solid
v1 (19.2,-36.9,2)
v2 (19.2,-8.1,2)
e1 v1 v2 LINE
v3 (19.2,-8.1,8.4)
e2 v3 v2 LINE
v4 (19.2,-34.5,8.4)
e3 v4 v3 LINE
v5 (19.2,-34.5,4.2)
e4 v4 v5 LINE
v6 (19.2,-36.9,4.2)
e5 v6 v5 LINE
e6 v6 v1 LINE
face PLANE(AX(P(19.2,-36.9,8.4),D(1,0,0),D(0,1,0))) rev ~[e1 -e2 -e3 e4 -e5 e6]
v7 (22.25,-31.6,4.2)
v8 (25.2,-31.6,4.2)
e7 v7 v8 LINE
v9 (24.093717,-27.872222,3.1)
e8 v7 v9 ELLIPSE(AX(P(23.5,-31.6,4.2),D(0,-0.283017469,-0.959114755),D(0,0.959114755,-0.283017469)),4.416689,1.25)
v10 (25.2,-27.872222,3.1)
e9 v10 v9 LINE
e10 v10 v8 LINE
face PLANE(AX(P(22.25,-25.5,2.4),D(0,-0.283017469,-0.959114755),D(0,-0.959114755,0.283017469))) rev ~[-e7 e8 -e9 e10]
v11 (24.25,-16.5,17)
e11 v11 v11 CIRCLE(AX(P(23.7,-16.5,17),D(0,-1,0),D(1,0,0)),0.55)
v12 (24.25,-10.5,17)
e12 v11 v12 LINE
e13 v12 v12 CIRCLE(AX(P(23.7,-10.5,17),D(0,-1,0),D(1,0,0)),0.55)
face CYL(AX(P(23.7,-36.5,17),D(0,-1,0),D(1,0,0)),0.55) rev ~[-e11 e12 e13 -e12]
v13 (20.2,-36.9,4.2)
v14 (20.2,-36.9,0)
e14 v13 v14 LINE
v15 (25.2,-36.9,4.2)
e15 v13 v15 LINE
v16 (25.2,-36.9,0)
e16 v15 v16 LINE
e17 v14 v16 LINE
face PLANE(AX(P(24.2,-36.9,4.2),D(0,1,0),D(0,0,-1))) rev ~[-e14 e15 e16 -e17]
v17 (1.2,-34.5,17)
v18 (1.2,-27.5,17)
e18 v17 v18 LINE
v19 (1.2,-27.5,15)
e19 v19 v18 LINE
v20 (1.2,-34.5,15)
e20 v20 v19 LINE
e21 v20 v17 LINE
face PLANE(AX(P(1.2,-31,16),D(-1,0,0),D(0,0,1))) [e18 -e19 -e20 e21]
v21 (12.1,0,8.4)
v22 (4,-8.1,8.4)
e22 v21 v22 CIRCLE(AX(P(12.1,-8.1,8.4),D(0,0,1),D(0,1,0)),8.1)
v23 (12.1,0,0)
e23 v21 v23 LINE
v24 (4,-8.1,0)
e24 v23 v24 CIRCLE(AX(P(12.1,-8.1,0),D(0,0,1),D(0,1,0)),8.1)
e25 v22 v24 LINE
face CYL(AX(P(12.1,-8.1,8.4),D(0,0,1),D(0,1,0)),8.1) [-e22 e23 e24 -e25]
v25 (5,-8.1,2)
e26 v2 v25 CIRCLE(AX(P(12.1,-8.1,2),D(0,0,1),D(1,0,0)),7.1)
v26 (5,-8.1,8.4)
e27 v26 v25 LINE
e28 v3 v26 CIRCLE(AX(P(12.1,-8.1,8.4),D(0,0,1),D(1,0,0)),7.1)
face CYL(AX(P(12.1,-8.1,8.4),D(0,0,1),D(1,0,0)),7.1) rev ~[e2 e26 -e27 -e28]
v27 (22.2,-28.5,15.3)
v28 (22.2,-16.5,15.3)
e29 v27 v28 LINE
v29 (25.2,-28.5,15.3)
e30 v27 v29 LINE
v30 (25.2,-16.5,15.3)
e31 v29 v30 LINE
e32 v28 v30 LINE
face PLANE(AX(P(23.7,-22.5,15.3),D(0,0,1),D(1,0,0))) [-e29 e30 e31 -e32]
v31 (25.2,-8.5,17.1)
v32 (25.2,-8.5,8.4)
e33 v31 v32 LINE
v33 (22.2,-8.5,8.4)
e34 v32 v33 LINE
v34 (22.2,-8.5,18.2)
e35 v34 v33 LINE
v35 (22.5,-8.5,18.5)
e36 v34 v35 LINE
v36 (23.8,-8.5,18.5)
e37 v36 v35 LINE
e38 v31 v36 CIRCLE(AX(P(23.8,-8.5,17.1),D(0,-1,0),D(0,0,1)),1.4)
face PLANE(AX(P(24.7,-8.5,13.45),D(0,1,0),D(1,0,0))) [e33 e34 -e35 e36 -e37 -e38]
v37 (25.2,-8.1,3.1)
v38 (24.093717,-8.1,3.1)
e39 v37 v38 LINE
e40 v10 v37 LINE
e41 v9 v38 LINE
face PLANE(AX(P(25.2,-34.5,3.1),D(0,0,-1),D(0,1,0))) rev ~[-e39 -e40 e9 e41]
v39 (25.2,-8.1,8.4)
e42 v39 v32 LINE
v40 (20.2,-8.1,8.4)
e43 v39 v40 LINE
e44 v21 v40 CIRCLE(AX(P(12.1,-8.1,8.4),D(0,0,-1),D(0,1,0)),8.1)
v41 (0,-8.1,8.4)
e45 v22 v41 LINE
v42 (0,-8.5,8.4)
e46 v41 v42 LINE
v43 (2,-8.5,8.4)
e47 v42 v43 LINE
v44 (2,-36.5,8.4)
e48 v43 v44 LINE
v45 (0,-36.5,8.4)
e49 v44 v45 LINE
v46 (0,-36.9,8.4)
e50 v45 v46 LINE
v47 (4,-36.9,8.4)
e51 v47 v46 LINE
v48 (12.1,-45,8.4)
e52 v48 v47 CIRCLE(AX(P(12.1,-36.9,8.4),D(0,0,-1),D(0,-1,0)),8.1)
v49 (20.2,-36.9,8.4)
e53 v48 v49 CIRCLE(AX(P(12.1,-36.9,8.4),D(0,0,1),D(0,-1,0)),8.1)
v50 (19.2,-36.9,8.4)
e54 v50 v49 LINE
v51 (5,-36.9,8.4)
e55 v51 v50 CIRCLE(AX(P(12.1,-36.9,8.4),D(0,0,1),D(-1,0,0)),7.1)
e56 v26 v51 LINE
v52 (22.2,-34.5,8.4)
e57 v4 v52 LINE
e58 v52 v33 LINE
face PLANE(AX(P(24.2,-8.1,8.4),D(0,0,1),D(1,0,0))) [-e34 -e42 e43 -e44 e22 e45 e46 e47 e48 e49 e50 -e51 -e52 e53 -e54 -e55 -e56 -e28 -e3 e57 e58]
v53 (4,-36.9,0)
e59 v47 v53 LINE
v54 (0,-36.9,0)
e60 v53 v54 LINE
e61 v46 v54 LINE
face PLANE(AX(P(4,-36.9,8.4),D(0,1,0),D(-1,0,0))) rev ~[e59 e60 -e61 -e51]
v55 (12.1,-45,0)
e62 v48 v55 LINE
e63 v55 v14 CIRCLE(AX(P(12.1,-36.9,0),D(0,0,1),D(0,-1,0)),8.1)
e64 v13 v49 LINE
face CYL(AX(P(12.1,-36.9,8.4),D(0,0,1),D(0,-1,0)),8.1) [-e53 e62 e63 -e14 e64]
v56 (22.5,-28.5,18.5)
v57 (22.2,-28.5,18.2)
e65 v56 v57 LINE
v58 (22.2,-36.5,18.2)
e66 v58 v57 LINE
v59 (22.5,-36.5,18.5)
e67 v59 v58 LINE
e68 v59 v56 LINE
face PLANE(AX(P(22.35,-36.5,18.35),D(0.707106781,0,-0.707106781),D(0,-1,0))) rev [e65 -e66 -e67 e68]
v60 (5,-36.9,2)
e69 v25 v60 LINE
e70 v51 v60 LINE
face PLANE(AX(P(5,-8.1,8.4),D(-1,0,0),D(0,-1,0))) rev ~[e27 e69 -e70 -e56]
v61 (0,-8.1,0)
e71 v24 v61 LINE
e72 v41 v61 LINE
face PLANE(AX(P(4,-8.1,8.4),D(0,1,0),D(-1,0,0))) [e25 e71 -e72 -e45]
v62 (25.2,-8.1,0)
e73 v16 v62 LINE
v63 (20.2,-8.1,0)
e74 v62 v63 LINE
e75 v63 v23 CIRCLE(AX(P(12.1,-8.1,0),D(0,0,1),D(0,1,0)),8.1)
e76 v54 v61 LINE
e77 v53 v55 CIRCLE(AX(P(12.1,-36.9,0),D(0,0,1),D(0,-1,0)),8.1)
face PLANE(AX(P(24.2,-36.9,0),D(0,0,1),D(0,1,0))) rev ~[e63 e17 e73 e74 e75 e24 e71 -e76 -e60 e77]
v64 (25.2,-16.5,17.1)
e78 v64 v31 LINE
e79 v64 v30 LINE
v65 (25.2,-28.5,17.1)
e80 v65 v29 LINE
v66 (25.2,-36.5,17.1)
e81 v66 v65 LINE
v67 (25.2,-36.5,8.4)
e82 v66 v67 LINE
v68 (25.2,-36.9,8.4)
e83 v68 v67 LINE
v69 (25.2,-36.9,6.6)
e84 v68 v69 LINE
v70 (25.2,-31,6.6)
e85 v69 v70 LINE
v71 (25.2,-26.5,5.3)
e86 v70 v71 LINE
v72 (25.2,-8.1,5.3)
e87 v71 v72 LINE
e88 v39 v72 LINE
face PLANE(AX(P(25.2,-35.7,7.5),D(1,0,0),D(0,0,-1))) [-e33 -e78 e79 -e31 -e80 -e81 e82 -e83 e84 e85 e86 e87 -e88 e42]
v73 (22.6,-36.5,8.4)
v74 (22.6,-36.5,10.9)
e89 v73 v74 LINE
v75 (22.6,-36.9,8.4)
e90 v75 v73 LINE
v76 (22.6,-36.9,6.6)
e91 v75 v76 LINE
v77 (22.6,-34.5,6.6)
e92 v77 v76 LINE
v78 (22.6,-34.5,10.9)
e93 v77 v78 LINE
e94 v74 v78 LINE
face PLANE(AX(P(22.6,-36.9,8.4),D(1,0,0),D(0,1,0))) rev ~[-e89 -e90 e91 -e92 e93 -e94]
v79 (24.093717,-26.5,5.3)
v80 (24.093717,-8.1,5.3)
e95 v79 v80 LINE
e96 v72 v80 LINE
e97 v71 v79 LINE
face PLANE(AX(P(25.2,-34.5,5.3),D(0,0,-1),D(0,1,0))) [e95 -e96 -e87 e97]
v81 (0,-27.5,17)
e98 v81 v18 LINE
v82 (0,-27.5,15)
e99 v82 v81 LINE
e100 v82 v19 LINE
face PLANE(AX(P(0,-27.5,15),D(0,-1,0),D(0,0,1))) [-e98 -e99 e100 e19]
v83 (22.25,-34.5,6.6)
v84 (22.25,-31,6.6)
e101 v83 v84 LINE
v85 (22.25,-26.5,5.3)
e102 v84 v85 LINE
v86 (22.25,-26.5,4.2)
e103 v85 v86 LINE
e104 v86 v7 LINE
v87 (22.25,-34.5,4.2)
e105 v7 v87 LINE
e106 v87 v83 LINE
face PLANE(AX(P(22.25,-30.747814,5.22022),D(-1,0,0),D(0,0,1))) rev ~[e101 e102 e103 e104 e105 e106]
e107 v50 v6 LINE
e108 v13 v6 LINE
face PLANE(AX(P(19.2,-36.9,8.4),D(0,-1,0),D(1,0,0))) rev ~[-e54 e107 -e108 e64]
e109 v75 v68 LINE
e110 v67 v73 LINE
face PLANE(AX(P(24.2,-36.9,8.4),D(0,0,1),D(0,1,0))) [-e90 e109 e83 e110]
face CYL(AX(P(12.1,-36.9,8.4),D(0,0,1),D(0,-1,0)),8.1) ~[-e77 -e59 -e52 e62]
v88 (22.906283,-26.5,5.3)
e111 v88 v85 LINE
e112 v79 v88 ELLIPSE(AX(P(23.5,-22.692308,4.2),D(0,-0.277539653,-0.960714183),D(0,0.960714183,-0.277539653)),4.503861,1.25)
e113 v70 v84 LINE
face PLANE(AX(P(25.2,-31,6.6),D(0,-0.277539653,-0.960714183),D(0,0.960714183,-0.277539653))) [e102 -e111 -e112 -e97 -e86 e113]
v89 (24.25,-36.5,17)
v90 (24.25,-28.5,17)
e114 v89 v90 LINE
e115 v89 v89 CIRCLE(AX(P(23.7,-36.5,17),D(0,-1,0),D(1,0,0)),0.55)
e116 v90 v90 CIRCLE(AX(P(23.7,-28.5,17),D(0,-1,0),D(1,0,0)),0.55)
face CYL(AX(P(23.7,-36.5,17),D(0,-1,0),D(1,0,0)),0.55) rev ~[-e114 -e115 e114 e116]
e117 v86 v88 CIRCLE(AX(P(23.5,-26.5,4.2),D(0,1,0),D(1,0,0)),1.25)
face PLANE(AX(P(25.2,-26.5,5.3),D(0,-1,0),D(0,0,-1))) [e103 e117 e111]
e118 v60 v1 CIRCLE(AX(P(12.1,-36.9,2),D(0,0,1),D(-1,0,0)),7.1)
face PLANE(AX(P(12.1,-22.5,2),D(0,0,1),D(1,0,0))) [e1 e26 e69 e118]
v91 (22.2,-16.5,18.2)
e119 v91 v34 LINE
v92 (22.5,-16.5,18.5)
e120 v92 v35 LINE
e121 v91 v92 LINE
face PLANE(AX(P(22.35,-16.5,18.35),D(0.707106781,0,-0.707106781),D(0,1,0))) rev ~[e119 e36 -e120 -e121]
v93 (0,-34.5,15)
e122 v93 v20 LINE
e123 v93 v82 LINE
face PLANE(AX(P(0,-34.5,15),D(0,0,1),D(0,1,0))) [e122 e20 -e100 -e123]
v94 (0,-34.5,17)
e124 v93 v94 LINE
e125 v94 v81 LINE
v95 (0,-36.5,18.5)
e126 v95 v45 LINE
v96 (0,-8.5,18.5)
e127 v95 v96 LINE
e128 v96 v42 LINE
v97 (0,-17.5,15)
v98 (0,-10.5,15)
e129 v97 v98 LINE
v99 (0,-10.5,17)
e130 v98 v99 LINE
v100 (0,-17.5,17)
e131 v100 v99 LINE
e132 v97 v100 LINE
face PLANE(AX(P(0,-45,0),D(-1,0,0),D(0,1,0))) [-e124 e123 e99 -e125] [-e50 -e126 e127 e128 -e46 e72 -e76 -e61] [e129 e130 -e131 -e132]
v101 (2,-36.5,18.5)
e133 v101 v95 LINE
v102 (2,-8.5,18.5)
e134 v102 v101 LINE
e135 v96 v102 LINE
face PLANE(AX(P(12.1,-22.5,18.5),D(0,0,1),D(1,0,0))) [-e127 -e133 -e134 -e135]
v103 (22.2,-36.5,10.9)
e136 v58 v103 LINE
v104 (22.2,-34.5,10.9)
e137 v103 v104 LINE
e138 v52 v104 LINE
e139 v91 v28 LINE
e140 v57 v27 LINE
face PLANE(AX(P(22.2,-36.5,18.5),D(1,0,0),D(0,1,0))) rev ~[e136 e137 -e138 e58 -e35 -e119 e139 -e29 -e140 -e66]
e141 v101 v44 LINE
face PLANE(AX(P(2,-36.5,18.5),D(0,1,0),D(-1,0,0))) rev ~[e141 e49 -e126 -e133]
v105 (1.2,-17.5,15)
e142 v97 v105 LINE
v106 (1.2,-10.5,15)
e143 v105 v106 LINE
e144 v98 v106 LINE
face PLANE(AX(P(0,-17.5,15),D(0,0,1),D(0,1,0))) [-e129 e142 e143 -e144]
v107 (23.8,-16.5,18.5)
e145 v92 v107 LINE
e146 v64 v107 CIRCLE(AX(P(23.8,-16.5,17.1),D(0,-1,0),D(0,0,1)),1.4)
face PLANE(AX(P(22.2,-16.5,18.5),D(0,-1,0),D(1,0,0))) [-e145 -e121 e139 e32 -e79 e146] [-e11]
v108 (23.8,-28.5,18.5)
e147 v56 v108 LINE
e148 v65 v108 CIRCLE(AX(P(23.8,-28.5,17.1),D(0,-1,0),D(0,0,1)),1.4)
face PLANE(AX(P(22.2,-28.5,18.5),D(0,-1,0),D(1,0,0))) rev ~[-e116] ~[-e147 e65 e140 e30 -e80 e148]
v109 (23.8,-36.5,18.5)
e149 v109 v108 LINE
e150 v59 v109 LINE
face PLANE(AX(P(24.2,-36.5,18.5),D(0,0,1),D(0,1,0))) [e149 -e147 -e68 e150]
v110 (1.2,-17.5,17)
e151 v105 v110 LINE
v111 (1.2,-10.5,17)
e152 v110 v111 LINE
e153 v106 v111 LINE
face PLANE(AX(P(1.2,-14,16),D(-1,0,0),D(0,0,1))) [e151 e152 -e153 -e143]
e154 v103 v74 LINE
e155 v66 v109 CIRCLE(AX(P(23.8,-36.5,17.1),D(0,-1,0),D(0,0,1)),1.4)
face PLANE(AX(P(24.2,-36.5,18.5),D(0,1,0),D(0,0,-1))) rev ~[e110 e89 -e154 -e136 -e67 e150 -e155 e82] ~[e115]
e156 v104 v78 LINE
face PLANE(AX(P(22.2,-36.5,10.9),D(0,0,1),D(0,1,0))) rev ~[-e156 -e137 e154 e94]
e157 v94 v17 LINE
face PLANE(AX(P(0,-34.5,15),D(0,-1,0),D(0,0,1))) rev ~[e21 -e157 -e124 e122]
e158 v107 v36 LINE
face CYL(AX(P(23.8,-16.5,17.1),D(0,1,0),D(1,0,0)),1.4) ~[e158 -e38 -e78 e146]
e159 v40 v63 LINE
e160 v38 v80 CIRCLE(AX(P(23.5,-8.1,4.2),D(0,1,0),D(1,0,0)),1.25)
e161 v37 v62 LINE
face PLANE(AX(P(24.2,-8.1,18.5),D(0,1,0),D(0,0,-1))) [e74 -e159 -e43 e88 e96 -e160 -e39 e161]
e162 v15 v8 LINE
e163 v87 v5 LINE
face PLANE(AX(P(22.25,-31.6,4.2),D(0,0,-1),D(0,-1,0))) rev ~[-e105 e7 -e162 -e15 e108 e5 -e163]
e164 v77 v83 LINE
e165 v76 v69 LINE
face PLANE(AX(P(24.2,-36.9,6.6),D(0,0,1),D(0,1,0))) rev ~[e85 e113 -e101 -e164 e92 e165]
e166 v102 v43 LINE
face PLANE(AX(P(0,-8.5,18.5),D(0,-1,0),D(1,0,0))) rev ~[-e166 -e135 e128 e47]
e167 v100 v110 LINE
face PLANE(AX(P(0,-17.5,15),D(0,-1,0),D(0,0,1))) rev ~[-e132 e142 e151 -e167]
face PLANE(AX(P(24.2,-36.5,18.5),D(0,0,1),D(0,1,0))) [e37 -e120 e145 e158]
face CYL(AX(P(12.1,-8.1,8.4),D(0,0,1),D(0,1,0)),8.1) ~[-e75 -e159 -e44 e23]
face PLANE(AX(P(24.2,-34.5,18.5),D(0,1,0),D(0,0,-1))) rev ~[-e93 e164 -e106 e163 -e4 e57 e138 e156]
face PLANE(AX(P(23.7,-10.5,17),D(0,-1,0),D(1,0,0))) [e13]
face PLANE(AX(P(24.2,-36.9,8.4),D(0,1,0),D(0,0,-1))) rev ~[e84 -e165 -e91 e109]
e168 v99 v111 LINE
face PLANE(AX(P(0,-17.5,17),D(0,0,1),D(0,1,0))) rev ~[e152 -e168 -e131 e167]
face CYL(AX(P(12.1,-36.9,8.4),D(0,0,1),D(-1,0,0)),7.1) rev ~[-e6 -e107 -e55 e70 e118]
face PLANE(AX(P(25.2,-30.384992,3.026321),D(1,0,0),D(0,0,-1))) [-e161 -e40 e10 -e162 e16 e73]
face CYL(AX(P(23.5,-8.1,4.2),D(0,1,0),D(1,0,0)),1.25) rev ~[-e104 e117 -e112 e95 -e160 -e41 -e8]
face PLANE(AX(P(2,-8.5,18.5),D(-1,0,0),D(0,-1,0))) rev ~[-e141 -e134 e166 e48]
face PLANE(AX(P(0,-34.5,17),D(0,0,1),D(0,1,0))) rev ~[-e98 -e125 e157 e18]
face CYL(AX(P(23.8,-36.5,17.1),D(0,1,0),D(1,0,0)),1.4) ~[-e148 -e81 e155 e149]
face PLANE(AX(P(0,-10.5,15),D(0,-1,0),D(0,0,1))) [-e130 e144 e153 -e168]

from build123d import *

# Parameters (mm, degrees)
SKETCH_1_W           = 24.2
SKETCH_1_H           = 45
EXTRUDE_1_DEPTH      = 18.5
CUT_EXTRUDE_1_DEPTH  = 10.1
CUT_EXTRUDE_2_DEPTH  = 6.4
CUT_EXTRUDE_3_DEPTH  = 9.4
CUT_EXTRUDE_4_DEPTH  = 9.4
SKETCH_6_W           = 2.4
SKETCH_6_H           = 2.4
CUT_EXTRUDE_5_DEPTH  = 6.4
SKETCH_8_W           = 3.4
SKETCH_8_H           = 2.4
CUT_EXTRUDE_7_DEPTH  = 2
SKETCH_9_W           = 2.5
SKETCH_9_H           = 2
CUT_EXTRUDE_8_DEPTH  = 0.4
SKETCH_12_W          = 18.5
SKETCH_12_H          = 26.4
EXTRUDE_2_DEPTH      = 1
SKETCH_13_R          = 1.25
CUT_EXTRUDE_10_DEPTH = 26.4
SKETCH_14_W          = 2.2
SKETCH_14_H          = 26.4
CUT_EXTRUDE_11_DEPTH = 1.5
CUT_EXTRUDE_13_DEPTH = 2.95
SKETCH_19_W          = 10.1
SKETCH_19_H          = 2
EXTRUDE_3_DEPTH      = 1
SKETCH_20_W          = 1.8
SKETCH_20_H          = 2.4
EXTRUDE_4_DEPTH      = 1
SKETCH_21_W          = 1
SKETCH_21_H          = 10.1
CUT_EXTRUDE_14_DEPTH = 0.4
SKETCH_22_W          = 4.2
SKETCH_22_H          = 2.4
EXTRUDE_5_DEPTH      = 1
EXTRUDE_6_DEPTH      = 2.95
SKETCH_25_W          = 3
SKETCH_25_H          = 12
CUT_EXTRUDE_15_DEPTH = 3.2
SKETCH_26_R          = 0.55
CUT_EXTRUDE_16_DEPTH = 26
FILLET_1_R           = 1.4
SKETCH_27_W          = 2
SKETCH_27_H          = 7
CUT_EXTRUDE_17_DEPTH = 1.2
CHAMFER_1_SIZE       = 0.3


with BuildPart() as part:
    # 草图1 → 凸台-拉伸1 (new body)
    with BuildSketch(Plane.XY):
        with Locations((12.1, -22.5)):
            Rectangle(SKETCH_1_W, SKETCH_1_H)
    extrude(amount=EXTRUDE_1_DEPTH)

    # 草图2 → 切除-拉伸1 (cut)
    with BuildSketch(Plane.XY.offset(18.5)):
        Polygon((0, 0), (0, -8.5), (2, -8.5), (2, -36.5), (0, -36.5), (0, -45), (24.2, -45), (24.2, -36.5), (22.2, -36.5), (22.2, -8.5), (24.2, -8.5), (24.2, 0), align=None)
    extrude(amount=-CUT_EXTRUDE_1_DEPTH, mode=Mode.SUBTRACT)

    # 草图3 → 切除-拉伸2 (cut)
    with BuildSketch(Plane.XY.offset(8.4)):
        with BuildLine():
            Line((5, -8.1), (5, -36.9))
            ThreePointArc((5, -36.9), (12.1, -44), (19.2, -36.9))
            Line((19.2, -36.9), (19.2, -8.1))
            ThreePointArc((19.2, -8.1), (12.1, -1), (5, -8.1))
        make_face()
    extrude(amount=-CUT_EXTRUDE_2_DEPTH, mode=Mode.SUBTRACT)

    # 草图4 → 切除-拉伸3 (cut, through all)
    with BuildSketch(Plane.XY.offset(8.4)):
        with BuildLine():
            Line((4, -8.1), (0, -8.1))
            Line((0, -8.1), (0, 0))
            Line((0, 0), (12.1, 0))
            ThreePointArc((12.1, 0), (6.372435072, -2.372435072), (4, -8.1))
        make_face()
        with BuildLine():
            Line((4, -36.9), (0, -36.9))
            Line((0, -36.9), (0, -45))
            Line((0, -45), (12.1, -45))
            ThreePointArc((12.1, -45), (6.372435072, -42.627564928), (4, -36.9))
        make_face()
    extrude(amount=-CUT_EXTRUDE_3_DEPTH, mode=Mode.SUBTRACT)

    # 草图5 → 切除-拉伸4 (cut, through all)
    with BuildSketch(Plane.XY.offset(8.4)):
        with BuildLine():
            Line((20.2, -36.9), (24.2, -36.9))
            Line((24.2, -36.9), (24.2, -45))
            Line((24.2, -45), (12.1, -45))
            ThreePointArc((12.1, -45), (17.827564928, -42.627564928), (20.2, -36.9))
        make_face()
        with BuildLine():
            Line((20.2, -8.1), (24.2, -8.1))
            Line((24.2, -8.1), (24.2, 0))
            Line((24.2, 0), (12.1, 0))
            ThreePointArc((12.1, 0), (17.827564928, -2.372435072), (20.2, -8.1))
        make_face()
    extrude(amount=-CUT_EXTRUDE_4_DEPTH, mode=Mode.SUBTRACT)

    # 草图6 → 切除-拉伸5 (cut)
    with BuildSketch(Plane(origin=(24.2, 0, 0), x_dir=(0, 0, -1), z_dir=(1, 0, 0))):
        with Locations((-5.4, -35.7)):
            Rectangle(SKETCH_6_W, SKETCH_6_H)
    extrude(amount=-CUT_EXTRUDE_5_DEPTH, mode=Mode.SUBTRACT)

    # 草图8 → 切除-拉伸7 (cut)
    with BuildSketch(Plane.XY.offset(8.4)):
        with Locations((20.9, -35.7)):
            Rectangle(SKETCH_8_W, SKETCH_8_H)
    extrude(amount=-CUT_EXTRUDE_7_DEPTH, mode=Mode.SUBTRACT)

    # 草图9 → 切除-拉伸8 (cut)
    with BuildSketch(Plane.ZY.offset(-22.2)):
        with Locations((9.65, -35.5)):
            Rectangle(SKETCH_9_W, SKETCH_9_H)
    extrude(amount=-CUT_EXTRUDE_8_DEPTH, mode=Mode.SUBTRACT)

    # 草图12 → 凸台-拉伸2 (add)
    with BuildSketch(Plane(origin=(24.2, 0, 0), x_dir=(0, 0, -1), z_dir=(1, 0, 0))):
        with Locations((-9.25, -21.3)):
            Rectangle(SKETCH_12_W, SKETCH_12_H)
    extrude(amount=EXTRUDE_2_DEPTH)

    # 草图13 → 切除-拉伸10 (cut)
    with BuildSketch(Plane(origin=(0, -8.1, 0), x_dir=(1, 0, 0), z_dir=(0, 1, 0))):
        with Locations((23.5, -4.2)):
            Circle(SKETCH_13_R)
    extrude(amount=-CUT_EXTRUDE_10_DEPTH, mode=Mode.SUBTRACT)

    # 草图14 → 切除-拉伸11 (cut)
    with BuildSketch(Plane(origin=(25.2, 0, 0), x_dir=(0, 0, -1), z_dir=(1, 0, 0))):
        with Locations((-4.2, -21.3)):
            Rectangle(SKETCH_14_W, SKETCH_14_H)
    extrude(amount=-CUT_EXTRUDE_11_DEPTH, mode=Mode.SUBTRACT)

    # 草图17 → 切除-拉伸13 (cut)
    with BuildSketch(Plane(origin=(25.2, 0, 0), x_dir=(0, 0, -1), z_dir=(1, 0, 0))):
        Polygon((-6.6, -34.5), (-6.6, -31), (-5.3, -26.5), (-4.2, -26.5), (-4.2, -34.5), align=None)
    extrude(amount=-CUT_EXTRUDE_13_DEPTH, mode=Mode.SUBTRACT)

    # 草图19 → 凸台-拉伸3 (add)
    with BuildSketch(Plane(origin=(24.2, 0, 0), x_dir=(0, 0, -1), z_dir=(1, 0, 0))):
        with Locations((-13.45, -35.5)):
            Rectangle(SKETCH_19_W, SKETCH_19_H)
    extrude(amount=EXTRUDE_3_DEPTH)

    # 草图20 → 凸台-拉伸4 (add)
    with BuildSketch(Plane(origin=(24.2, 0, 0), x_dir=(0, 0, -1), z_dir=(1, 0, 0))):
        with Locations((-7.5, -35.7)):
            Rectangle(SKETCH_20_W, SKETCH_20_H)
    extrude(amount=EXTRUDE_4_DEPTH)

    # 草图21 → 切除-拉伸14 (cut)
    with BuildSketch(Plane(origin=(0, -8.1, 0), x_dir=(1, 0, 0), z_dir=(0, 1, 0))):
        with Locations((24.7, -13.45)):
            Rectangle(SKETCH_21_W, SKETCH_21_H)
    extrude(amount=-CUT_EXTRUDE_14_DEPTH, mode=Mode.SUBTRACT)

    # 草图22 → 凸台-拉伸5 (add)
    with BuildSketch(Plane(origin=(24.2, 0, 0), x_dir=(0, 0, -1), z_dir=(1, 0, 0))):
        with Locations((-2.1, -35.7)):
            Rectangle(SKETCH_22_W, SKETCH_22_H)
    extrude(amount=EXTRUDE_5_DEPTH)

    # 草图23 → 凸台-拉伸6 (add)
    with BuildSketch(Plane(origin=(22.25, 0, 0), x_dir=(0, 0, -1), z_dir=(1, 0, 0))):
        Polygon((-4.2, -34.5), (-2.4, -34.5), (-2.4, -25.5), (-4.2, -31.6), align=None)
    extrude(amount=EXTRUDE_6_DEPTH)

    # 草图25 → 切除-拉伸15 (cut)
    with BuildSketch(Plane.XY.offset(18.5)):
        with Locations((23.7, -22.5)):
            Rectangle(SKETCH_25_W, SKETCH_25_H)
    extrude(amount=-CUT_EXTRUDE_15_DEPTH, mode=Mode.SUBTRACT)

    # 草图26 → 切除-拉伸16 (cut)
    with BuildSketch(Plane.XZ.offset(36.5)):
        with Locations((23.7, 17)):
            Circle(SKETCH_26_R)
    extrude(amount=-CUT_EXTRUDE_16_DEPTH, mode=Mode.SUBTRACT)

    # 圆角1
    fillet_1_edges = [part.edges().sort_by_distance(p)[0] for p in [
        (25.2, -12.5, 18.5),
        (25.2, -32.5, 18.5),
    ]]
    fillet(fillet_1_edges, radius=FILLET_1_R)

    # 草图27 → 切除-拉伸17 (cut)
    with BuildSketch(Plane.ZY):
        with Locations((16, -14)):
            Rectangle(SKETCH_27_W, SKETCH_27_H)
        with Locations((16, -31)):
            Rectangle(SKETCH_27_W, SKETCH_27_H)
    extrude(amount=-CUT_EXTRUDE_17_DEPTH, mode=Mode.SUBTRACT)

    # 倒角1
    chamfer_1_edges = [part.edges().sort_by_distance(p)[0] for p in [
        (22.2, -32.5, 18.5),
        (22.2, -12.5, 18.5),
    ]]
    chamfer(chamfer_1_edges, length=CHAMFER_1_SIZE)


solid = part.part
